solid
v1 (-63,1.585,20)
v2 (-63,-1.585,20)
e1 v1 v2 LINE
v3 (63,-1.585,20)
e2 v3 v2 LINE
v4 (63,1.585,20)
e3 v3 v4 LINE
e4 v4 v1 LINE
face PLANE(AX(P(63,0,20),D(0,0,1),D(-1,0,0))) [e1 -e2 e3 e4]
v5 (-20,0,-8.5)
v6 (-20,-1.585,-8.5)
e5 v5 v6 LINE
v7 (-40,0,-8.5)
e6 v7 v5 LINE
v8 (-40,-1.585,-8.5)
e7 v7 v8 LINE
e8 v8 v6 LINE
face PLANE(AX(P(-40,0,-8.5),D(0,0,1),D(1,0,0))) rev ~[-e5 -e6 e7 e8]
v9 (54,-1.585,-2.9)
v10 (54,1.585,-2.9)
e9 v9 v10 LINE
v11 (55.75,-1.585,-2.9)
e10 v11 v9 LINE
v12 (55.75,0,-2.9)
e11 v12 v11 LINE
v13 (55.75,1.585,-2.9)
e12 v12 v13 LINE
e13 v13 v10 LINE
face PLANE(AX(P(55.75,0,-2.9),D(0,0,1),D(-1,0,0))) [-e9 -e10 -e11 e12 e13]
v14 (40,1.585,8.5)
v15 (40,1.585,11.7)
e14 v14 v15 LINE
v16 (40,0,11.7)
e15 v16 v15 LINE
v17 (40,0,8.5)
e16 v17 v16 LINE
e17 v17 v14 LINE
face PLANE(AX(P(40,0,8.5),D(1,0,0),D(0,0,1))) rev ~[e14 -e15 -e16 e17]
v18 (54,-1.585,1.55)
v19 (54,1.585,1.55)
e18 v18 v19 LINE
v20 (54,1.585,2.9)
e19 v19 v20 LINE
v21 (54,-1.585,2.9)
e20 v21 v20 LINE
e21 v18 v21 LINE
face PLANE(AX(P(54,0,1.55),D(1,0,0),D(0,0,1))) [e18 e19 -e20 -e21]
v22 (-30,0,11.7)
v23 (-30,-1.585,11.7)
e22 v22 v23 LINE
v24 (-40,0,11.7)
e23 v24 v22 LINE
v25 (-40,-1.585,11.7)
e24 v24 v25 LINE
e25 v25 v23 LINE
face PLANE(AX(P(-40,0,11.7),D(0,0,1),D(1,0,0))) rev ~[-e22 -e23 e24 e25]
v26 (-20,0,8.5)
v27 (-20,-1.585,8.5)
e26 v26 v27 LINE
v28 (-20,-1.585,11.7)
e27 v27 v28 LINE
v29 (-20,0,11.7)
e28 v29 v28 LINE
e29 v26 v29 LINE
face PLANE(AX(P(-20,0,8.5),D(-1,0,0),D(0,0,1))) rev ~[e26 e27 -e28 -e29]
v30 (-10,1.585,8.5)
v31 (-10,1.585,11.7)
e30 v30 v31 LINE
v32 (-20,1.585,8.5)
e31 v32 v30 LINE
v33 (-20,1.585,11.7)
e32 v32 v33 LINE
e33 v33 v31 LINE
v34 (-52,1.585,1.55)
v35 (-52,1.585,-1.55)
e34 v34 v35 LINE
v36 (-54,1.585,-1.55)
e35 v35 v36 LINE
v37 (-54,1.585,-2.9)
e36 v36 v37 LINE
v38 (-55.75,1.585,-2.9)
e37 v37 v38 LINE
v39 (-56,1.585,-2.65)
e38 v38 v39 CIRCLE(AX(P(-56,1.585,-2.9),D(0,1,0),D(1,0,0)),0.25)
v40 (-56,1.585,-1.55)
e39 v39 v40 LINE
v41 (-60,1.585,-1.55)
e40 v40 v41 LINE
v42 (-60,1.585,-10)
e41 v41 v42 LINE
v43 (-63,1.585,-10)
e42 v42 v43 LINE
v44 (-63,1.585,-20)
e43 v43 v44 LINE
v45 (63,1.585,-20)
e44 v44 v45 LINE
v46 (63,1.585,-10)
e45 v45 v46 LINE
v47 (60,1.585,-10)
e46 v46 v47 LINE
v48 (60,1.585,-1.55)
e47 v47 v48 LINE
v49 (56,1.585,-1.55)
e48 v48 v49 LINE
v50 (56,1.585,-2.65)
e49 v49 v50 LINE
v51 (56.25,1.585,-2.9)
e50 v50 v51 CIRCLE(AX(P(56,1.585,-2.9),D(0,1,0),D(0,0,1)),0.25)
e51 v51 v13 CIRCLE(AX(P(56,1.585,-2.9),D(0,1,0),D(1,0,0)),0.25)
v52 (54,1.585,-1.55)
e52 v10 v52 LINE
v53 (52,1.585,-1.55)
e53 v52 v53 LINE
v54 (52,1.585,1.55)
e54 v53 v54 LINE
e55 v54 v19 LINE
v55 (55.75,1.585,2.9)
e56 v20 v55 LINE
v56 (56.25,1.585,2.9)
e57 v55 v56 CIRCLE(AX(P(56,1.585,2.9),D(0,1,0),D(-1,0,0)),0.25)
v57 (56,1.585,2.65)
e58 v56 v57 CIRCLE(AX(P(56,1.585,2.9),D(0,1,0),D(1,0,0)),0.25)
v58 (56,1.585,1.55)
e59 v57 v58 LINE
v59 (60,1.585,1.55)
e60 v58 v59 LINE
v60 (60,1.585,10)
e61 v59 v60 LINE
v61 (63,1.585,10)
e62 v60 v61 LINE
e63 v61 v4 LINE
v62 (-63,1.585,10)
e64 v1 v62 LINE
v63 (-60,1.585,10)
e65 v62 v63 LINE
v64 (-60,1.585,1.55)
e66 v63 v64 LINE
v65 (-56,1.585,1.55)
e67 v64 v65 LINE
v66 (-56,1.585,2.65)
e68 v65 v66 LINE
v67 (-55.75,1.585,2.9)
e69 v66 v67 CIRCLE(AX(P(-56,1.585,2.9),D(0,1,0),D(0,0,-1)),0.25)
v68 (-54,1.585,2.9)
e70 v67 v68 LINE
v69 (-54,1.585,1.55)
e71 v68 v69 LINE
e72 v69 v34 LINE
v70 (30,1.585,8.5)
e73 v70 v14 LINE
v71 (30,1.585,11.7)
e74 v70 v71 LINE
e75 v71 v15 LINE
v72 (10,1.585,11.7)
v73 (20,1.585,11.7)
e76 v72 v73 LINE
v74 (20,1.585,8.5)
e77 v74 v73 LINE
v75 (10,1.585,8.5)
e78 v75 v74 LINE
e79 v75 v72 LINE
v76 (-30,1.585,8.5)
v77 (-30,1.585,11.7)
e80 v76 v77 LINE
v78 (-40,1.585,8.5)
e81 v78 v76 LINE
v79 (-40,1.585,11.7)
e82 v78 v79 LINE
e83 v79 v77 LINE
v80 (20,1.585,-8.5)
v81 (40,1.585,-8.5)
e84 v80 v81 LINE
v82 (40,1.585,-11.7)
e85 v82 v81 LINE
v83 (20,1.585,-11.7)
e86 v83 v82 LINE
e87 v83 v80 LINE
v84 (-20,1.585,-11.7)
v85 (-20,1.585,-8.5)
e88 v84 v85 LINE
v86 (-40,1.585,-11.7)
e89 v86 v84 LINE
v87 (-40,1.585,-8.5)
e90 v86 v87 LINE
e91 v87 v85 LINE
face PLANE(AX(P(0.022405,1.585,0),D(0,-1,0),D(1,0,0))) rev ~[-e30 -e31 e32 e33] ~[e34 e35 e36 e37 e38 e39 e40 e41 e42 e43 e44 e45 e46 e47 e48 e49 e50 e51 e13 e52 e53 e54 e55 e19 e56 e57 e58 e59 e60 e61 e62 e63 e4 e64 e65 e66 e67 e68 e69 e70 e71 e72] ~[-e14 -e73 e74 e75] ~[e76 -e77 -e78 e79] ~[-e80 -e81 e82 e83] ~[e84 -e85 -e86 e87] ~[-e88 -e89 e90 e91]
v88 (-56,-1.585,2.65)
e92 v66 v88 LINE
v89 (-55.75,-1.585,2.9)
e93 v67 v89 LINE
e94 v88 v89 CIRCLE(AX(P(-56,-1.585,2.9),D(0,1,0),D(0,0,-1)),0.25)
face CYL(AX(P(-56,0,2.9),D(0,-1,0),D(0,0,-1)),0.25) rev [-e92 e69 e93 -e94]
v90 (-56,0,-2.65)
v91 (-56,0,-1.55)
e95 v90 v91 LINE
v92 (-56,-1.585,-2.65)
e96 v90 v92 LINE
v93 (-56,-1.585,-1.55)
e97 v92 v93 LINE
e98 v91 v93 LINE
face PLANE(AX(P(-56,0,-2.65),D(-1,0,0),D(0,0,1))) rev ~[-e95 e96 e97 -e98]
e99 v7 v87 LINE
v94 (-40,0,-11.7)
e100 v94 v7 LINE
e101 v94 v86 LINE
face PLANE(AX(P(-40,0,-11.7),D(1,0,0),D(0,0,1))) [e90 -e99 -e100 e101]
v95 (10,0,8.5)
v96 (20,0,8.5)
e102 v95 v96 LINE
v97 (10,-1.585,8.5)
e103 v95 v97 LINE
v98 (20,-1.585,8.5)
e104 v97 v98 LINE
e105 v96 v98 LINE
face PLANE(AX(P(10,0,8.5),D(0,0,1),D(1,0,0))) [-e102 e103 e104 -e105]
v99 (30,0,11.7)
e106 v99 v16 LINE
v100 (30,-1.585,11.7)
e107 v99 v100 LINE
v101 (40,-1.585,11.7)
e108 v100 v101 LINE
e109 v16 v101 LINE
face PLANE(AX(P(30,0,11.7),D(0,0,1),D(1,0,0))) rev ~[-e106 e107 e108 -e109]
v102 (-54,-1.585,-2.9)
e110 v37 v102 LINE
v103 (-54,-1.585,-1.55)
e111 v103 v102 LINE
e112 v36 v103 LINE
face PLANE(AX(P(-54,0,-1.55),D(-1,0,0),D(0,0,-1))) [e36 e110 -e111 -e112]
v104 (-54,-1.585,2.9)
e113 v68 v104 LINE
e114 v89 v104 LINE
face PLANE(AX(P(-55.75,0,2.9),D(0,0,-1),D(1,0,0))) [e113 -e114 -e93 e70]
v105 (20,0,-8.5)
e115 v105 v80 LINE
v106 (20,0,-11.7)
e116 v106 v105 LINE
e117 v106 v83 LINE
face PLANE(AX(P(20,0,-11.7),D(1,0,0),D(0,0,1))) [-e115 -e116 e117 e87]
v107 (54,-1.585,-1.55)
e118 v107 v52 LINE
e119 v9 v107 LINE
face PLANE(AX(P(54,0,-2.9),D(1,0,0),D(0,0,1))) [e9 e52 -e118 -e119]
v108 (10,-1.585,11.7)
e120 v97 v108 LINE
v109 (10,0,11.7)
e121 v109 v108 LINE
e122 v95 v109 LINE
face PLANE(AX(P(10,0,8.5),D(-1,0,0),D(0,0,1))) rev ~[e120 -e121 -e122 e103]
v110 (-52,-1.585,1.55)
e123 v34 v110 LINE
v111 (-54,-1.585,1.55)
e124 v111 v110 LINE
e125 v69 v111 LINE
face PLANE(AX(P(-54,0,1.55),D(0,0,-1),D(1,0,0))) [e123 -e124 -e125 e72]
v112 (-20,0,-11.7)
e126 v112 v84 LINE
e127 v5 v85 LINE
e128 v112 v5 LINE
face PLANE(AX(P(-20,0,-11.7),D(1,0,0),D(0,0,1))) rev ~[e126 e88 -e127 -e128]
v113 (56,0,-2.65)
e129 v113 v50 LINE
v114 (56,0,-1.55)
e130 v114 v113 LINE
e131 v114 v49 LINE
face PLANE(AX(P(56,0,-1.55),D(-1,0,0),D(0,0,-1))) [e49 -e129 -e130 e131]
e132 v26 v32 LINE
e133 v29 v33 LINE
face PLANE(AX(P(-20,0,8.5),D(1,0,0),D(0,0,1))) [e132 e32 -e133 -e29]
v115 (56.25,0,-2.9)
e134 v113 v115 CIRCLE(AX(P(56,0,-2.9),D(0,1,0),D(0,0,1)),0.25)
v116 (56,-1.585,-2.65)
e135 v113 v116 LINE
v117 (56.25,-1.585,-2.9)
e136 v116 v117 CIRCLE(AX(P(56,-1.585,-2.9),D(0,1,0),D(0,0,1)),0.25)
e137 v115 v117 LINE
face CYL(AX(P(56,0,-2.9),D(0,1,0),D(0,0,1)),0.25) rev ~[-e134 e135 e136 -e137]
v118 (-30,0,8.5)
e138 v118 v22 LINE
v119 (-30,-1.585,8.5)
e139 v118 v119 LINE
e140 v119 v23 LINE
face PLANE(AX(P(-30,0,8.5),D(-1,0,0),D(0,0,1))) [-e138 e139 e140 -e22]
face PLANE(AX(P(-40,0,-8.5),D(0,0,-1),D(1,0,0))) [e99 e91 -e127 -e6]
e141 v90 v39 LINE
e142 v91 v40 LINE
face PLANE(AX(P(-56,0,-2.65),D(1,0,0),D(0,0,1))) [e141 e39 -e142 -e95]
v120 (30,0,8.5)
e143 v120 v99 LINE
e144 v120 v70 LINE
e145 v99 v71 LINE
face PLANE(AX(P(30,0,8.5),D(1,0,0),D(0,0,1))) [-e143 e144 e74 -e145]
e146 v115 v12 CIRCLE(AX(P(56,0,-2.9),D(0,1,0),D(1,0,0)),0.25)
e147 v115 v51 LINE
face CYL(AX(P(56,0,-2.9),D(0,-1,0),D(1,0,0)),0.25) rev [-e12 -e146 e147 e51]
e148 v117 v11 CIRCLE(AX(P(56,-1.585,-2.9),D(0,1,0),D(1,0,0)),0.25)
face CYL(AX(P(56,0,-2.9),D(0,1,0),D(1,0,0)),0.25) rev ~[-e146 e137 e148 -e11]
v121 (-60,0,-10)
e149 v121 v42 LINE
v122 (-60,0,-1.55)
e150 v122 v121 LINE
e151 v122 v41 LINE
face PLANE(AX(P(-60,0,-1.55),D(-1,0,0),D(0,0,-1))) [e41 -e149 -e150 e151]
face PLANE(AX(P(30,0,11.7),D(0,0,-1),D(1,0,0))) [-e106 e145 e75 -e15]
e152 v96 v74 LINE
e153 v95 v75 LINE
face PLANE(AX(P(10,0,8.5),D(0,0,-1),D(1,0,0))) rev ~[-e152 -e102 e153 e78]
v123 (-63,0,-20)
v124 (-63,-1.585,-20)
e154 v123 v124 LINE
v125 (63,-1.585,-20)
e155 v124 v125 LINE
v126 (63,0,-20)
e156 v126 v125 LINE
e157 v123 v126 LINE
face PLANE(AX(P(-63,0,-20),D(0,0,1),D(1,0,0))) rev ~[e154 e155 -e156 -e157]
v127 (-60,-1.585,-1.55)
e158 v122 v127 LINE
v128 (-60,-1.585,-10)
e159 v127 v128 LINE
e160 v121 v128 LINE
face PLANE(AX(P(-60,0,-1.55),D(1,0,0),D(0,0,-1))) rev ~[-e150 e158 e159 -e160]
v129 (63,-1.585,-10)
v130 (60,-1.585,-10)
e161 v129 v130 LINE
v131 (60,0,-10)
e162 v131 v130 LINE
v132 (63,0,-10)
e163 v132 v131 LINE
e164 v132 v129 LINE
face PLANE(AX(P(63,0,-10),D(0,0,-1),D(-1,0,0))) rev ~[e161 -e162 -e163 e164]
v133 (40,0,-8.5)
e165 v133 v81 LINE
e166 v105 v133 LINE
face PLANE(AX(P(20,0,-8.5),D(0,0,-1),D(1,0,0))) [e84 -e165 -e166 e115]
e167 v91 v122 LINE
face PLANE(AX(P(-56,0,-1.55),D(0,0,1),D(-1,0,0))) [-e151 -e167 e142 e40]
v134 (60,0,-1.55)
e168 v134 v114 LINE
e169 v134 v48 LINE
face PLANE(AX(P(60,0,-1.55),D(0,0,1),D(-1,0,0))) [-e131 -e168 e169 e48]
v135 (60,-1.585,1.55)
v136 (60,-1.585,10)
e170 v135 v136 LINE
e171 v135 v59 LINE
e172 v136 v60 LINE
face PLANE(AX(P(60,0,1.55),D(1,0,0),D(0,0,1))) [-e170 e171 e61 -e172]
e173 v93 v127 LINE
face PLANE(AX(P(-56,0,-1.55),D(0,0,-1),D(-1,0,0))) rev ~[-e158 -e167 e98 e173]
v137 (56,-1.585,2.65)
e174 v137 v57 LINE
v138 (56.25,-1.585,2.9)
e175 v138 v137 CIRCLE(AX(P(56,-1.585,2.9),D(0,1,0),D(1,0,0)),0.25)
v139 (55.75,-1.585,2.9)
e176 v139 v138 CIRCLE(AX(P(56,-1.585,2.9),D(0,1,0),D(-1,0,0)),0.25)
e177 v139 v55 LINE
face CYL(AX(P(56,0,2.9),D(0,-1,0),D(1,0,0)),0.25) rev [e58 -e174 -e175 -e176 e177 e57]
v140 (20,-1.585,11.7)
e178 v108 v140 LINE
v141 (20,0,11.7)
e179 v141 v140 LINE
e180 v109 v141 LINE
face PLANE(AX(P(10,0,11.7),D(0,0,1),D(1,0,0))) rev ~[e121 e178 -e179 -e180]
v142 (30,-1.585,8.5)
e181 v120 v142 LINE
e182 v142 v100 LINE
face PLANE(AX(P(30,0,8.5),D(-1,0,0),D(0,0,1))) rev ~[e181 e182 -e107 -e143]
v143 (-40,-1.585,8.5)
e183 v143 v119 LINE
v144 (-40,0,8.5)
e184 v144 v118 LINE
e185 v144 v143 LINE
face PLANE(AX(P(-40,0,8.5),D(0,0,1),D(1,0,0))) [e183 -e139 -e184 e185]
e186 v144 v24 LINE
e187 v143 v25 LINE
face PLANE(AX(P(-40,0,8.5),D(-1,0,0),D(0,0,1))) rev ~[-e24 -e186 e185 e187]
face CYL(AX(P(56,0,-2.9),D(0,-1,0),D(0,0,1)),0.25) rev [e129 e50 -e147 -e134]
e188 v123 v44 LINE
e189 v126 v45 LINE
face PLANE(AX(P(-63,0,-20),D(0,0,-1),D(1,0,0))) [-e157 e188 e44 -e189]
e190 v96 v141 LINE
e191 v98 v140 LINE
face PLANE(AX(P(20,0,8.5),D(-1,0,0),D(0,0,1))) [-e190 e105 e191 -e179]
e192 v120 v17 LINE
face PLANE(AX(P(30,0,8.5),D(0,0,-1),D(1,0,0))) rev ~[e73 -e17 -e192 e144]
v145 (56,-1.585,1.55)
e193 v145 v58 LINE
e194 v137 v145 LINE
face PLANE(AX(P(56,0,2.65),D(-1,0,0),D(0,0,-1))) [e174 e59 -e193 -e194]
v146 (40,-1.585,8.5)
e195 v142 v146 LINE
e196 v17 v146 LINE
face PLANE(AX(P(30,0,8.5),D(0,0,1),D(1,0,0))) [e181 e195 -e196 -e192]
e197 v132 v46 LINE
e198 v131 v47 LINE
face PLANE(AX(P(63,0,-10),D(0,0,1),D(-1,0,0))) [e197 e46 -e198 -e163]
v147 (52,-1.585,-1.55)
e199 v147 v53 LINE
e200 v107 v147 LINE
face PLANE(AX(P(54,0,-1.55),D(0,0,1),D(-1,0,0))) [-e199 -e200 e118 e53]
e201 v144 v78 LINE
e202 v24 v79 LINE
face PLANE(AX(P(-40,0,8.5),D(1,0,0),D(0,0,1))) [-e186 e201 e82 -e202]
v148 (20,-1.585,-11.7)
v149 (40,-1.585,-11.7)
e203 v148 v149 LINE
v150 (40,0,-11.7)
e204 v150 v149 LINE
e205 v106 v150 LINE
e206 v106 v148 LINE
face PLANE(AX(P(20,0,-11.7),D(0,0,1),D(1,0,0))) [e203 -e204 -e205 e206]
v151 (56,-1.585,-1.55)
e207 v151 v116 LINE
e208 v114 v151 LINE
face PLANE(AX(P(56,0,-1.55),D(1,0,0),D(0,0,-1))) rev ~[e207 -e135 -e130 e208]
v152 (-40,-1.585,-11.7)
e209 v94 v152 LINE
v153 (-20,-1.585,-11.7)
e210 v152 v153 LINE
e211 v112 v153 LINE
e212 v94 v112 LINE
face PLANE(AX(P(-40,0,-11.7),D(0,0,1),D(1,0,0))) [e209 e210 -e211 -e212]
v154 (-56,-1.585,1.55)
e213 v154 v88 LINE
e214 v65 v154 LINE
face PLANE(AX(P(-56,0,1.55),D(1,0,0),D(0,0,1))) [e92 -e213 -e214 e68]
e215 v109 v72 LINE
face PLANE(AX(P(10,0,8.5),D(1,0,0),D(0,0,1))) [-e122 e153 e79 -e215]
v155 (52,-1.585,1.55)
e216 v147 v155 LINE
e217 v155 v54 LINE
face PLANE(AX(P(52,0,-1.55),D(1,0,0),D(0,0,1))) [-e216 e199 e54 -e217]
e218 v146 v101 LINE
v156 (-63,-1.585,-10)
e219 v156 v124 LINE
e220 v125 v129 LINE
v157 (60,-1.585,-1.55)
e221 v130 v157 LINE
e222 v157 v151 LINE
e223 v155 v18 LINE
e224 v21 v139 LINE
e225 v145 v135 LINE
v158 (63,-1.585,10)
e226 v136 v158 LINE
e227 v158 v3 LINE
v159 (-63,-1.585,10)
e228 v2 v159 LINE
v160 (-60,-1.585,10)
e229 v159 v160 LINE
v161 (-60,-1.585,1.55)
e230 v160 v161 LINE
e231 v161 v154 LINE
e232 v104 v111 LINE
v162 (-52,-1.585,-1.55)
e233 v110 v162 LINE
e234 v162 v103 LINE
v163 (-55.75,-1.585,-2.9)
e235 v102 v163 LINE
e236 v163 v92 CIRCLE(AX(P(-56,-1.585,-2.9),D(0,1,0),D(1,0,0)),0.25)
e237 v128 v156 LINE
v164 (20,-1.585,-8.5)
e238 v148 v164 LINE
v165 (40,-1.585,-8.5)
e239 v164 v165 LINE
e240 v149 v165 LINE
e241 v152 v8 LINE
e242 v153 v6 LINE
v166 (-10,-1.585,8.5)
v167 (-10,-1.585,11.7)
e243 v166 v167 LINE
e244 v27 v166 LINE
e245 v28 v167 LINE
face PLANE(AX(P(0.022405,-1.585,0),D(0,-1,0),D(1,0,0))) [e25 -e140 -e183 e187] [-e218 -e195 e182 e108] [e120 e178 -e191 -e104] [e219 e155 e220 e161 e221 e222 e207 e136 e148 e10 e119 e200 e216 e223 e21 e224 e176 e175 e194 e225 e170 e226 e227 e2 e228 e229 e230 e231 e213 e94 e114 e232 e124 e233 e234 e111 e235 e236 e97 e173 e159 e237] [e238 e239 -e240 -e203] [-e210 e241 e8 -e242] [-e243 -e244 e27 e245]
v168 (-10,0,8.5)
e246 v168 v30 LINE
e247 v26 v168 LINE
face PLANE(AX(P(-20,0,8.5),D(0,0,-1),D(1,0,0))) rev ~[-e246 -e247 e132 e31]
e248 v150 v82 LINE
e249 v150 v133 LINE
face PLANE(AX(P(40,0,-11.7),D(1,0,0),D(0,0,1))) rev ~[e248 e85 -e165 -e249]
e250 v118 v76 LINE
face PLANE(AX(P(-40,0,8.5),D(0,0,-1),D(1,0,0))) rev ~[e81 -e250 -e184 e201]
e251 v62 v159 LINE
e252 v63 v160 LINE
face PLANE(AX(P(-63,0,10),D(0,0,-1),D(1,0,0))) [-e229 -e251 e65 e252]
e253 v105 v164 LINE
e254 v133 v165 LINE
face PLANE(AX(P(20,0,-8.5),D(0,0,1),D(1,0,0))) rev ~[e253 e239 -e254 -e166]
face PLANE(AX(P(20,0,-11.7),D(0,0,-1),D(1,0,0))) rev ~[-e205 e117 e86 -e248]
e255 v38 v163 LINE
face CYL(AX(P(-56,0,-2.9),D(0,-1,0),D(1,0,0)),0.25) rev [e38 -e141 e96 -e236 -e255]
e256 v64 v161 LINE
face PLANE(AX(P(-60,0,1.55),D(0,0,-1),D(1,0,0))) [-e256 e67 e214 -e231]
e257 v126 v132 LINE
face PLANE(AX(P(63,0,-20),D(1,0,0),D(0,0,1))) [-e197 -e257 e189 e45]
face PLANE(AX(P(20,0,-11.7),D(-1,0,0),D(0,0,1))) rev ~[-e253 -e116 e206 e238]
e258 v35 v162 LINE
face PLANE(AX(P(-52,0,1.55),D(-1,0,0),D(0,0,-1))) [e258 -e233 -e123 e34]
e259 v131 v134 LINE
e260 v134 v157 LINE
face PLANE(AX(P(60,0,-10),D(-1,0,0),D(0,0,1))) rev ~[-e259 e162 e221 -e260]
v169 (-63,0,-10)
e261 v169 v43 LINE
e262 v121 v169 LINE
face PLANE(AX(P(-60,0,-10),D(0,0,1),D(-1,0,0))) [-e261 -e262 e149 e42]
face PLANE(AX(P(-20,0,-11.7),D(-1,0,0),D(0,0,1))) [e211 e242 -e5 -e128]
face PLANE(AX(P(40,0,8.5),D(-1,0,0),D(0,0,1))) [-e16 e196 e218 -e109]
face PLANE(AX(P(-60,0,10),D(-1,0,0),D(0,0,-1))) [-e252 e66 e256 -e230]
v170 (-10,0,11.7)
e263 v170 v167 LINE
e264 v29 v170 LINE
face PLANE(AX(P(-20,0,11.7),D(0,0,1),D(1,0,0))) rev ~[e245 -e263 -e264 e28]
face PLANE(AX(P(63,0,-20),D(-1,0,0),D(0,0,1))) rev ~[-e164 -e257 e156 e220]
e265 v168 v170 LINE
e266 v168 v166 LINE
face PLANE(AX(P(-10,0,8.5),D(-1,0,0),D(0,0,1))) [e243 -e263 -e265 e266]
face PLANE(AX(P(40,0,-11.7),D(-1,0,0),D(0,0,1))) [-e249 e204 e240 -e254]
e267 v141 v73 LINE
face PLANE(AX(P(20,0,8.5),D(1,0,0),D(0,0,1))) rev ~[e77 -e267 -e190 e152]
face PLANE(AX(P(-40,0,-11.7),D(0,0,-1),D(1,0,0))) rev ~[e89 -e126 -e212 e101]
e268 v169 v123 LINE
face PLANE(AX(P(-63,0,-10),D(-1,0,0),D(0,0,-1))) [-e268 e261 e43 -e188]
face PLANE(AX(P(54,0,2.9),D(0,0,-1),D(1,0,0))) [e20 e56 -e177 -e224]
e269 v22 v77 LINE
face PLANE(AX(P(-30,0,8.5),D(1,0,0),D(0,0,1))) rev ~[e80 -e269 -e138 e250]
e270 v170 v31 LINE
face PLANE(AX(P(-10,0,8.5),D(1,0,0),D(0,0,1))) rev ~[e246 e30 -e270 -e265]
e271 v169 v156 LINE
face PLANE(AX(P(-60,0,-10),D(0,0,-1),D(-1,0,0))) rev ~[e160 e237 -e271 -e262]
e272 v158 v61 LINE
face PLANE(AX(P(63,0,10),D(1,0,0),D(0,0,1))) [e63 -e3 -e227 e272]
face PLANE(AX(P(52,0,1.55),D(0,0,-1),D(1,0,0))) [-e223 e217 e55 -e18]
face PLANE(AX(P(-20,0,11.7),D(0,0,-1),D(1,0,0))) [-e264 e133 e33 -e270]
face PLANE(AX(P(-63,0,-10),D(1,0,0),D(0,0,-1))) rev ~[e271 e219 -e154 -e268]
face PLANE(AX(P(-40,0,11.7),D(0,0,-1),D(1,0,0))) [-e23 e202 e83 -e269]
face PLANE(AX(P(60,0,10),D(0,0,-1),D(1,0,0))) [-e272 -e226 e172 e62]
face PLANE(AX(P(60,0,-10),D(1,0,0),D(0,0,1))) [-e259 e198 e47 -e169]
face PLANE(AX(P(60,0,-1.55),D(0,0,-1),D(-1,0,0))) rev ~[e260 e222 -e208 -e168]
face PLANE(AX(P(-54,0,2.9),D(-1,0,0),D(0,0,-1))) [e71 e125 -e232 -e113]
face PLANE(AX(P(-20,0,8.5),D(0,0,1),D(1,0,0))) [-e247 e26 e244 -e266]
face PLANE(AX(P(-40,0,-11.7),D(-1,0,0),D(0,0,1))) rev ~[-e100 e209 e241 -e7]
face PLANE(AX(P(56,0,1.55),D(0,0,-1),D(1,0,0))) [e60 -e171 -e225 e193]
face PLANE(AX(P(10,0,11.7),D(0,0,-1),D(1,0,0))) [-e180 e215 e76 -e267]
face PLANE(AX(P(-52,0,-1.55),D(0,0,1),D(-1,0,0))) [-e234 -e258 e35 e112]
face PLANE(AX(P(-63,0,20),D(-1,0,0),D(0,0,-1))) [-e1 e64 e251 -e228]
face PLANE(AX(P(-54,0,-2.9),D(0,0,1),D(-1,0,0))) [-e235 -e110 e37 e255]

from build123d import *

# Parameters (mm, degrees)
F0_W     = 20
F0_H     = 3.2
F0_W_2   = 10
F1_DEPTH = 1.585


with BuildPart() as f1:
    # F0 (on Front) → F1 (new body, symmetric)
    with BuildSketch(Plane.XZ):
        with BuildLine():
            Line((63, 20), (0, 20))
            Line((0, 20), (-63, 20))
            Line((-63, 20), (-63, 10))
            Line((-63, 10), (-60, 10))
            Line((-60, 10), (-60, 1.55))
            Line((-60, 1.55), (-56, 1.55))
            Line((-56, 1.55), (-56, 2.65))
            ThreePointArc((-56, 2.65), (-56.1767766953, 3.0767766953), (-55.75, 2.9))
            Line((-55.75, 2.9), (-54, 2.9))
            Line((-54, 2.9), (-54, 1.55))
            Line((-54, 1.55), (-52, 1.55))
            Line((-52, 1.55), (-52, 0))
            Line((-52, 0), (-52, -1.55))
            Line((-52, -1.55), (-54, -1.55))
            Line((-54, -1.55), (-54, -2.9))
            Line((-54, -2.9), (-55.75, -2.9))
            ThreePointArc((-55.75, -2.9), (-56.1767766953, -3.0767766953), (-56, -2.65))
            Line((-56, -2.65), (-56, -1.55))
            Line((-56, -1.55), (-60, -1.55))
            Line((-60, -1.55), (-60, -10))
            Line((-60, -10), (-63, -10))
            Line((-63, -10), (-63, -20))
            Line((-63, -20), (0, -20))
            Line((0, -20), (63, -20))
            Line((63, -20), (63, -10))
            Line((63, -10), (60, -10))
            Line((60, -10), (60, -1.55))
            Line((60, -1.55), (56, -1.55))
            Line((56, -1.55), (56, -2.65))
            ThreePointArc((56, -2.65), (56.1767766953, -2.7232233047), (56.25, -2.9))
            ThreePointArc((56.25, -2.9), (56, -3.15), (55.75, -2.9))
            Line((55.75, -2.9), (54, -2.9))
            Line((54, -2.9), (54, -1.55))
            Line((54, -1.55), (52, -1.55))
            Line((52, -1.55), (52, 0))
            Line((52, 0), (52, 1.55))
            Line((52, 1.55), (54, 1.55))
            Line((54, 1.55), (54, 2.9))
            Line((54, 2.9), (55.75, 2.9))
            ThreePointArc((55.75, 2.9), (56, 3.15), (56.25, 2.9))
            ThreePointArc((56.25, 2.9), (56.1767766953, 2.7232233047), (56, 2.65))
            Line((56, 2.65), (56, 1.55))
            Line((56, 1.55), (60, 1.55))
            Line((60, 1.55), (60, 10))
            Line((60, 10), (63, 10))
            Line((63, 10), (63, 20))
        make_face()
        with Locations((-30, -10.1)):
            Rectangle(F0_W, F0_H, mode=Mode.SUBTRACT)
        with Locations((30, -10.1)):
            Rectangle(F0_W, F0_H, mode=Mode.SUBTRACT)
        with Locations((-35, 10.1)):
            Rectangle(F0_W_2, F0_H, mode=Mode.SUBTRACT)
        with Locations((-15, 10.1)):
            Rectangle(F0_W_2, F0_H, mode=Mode.SUBTRACT)
        with Locations((15, 10.1)):
            Rectangle(F0_W_2, F0_H, mode=Mode.SUBTRACT)
        with Locations((35, 10.1)):
            Rectangle(F0_W_2, F0_H, mode=Mode.SUBTRACT)
    extrude(amount=F1_DEPTH, both=True)


solid = f1.part
